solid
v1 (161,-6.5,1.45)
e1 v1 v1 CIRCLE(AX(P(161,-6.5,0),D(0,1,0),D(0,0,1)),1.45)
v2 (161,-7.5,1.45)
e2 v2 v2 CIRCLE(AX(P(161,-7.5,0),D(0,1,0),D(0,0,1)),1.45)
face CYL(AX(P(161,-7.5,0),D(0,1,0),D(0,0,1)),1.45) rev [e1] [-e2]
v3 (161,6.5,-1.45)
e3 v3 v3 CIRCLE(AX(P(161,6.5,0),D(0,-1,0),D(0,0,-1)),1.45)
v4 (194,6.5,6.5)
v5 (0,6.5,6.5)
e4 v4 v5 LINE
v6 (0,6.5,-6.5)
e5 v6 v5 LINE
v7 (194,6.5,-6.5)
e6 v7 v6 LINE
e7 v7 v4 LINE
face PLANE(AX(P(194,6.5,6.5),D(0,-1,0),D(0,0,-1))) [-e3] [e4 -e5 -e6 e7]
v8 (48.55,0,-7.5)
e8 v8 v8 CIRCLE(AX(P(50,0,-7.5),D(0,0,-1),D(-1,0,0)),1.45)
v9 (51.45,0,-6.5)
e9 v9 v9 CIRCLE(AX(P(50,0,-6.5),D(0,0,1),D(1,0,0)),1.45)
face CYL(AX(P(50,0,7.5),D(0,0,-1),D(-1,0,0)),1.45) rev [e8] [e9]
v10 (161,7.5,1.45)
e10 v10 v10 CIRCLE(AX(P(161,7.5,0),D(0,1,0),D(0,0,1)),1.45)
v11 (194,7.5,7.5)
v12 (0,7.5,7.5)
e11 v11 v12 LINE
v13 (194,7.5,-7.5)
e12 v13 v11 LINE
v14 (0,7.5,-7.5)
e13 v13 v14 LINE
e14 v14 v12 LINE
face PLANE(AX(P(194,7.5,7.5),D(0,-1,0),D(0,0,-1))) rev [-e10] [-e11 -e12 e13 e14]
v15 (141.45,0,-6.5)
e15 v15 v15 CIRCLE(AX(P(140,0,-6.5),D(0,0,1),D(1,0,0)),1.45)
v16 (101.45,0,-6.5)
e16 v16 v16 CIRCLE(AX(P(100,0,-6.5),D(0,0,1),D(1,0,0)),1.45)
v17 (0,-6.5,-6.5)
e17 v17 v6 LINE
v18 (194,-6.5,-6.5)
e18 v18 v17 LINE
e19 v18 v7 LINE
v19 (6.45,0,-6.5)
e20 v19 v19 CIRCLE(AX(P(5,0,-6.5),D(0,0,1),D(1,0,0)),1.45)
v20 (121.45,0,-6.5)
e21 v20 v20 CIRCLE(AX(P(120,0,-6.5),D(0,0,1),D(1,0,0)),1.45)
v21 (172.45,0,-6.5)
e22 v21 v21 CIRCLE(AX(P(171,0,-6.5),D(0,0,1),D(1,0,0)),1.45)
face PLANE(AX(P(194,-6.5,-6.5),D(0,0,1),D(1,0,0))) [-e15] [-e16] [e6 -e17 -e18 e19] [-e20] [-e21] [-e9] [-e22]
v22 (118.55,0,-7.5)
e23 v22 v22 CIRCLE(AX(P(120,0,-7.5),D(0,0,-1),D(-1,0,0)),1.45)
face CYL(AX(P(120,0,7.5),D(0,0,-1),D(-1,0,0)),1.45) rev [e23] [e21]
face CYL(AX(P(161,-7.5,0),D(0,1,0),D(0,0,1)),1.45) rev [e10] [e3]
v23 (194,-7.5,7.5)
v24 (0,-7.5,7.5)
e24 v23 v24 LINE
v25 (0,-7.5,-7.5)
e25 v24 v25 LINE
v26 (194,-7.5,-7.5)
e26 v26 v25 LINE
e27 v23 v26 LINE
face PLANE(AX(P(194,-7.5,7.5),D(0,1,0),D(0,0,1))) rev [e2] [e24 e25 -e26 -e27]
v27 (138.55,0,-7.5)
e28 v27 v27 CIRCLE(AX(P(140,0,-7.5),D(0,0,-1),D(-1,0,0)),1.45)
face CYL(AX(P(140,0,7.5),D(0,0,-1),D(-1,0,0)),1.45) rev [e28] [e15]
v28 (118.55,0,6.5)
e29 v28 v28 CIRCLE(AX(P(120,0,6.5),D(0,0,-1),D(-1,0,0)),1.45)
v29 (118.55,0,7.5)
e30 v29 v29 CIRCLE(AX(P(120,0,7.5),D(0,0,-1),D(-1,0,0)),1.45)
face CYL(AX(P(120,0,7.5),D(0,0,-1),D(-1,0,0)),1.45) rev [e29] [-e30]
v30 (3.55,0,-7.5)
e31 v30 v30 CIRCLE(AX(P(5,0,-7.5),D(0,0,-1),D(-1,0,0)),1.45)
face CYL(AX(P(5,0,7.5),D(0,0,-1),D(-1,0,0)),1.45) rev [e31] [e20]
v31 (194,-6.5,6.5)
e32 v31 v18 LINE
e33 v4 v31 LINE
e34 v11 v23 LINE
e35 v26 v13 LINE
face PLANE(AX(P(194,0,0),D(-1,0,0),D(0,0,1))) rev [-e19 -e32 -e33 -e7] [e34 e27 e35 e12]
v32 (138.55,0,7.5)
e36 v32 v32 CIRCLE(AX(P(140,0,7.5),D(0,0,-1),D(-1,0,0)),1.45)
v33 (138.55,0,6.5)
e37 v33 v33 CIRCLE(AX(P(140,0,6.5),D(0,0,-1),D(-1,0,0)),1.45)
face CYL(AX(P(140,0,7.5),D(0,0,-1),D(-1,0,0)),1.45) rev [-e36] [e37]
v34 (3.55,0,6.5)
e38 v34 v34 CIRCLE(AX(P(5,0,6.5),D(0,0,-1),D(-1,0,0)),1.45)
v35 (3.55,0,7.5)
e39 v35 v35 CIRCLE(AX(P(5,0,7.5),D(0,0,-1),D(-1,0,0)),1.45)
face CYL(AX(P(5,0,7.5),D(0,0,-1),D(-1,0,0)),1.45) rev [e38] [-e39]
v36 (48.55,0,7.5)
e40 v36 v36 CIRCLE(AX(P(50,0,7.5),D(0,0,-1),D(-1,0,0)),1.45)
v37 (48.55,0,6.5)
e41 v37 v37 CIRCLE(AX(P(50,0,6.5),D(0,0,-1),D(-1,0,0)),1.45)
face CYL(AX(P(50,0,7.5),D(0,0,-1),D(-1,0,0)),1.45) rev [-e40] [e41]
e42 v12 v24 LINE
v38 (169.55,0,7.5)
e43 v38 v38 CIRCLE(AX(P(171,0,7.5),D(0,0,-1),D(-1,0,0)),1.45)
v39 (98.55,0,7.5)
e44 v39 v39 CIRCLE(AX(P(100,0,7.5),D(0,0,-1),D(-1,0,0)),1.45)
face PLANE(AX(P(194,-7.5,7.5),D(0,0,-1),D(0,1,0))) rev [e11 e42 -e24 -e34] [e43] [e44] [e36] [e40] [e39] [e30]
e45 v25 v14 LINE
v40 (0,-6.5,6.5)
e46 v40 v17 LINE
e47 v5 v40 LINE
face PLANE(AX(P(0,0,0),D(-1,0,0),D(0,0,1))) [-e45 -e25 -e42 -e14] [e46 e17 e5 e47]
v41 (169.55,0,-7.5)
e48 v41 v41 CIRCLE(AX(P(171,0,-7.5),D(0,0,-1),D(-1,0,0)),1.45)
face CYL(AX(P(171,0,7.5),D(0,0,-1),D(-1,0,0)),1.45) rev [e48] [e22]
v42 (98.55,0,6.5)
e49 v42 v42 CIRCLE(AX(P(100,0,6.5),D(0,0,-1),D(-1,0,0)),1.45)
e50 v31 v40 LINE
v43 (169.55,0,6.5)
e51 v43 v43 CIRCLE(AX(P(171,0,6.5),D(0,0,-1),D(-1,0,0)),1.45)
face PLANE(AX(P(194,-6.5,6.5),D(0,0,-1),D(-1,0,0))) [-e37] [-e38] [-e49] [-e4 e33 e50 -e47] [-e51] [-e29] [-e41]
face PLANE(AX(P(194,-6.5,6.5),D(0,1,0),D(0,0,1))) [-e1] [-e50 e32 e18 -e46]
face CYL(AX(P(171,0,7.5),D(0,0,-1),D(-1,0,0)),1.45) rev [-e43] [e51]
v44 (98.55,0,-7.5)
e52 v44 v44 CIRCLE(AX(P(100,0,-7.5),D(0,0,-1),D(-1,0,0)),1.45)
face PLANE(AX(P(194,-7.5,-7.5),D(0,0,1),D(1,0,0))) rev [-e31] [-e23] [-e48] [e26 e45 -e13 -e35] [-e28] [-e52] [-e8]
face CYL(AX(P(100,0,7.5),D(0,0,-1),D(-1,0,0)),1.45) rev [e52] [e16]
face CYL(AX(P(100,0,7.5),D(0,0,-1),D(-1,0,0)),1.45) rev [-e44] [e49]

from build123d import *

# Parameters (mm, degrees)
SKETCH_11_W         = 15
SKETCH_11_H         = 15
SKETCH_11_W_2       = 13
SKETCH_11_H_2       = 13
F_15X15X1_1_DEPTH   = 194
SKETCH_12_R         = 1.45
CUT_EXTRUDE_1_DEPTH = 195.723521948
SKETCH_13_R         = 1.45
CUT_EXTRUDE_2_DEPTH = 195.723521948
SKETCH_14_R         = 1.45
CUT_EXTRUDE_3_DEPTH = 195.723521948
SKETCH_15_R         = 1.45
CUT_EXTRUDE_4_DEPTH = 195.723521948


with BuildPart() as part:
    # 草图11 → 铝管 15X15X1(1) (new body)
    with BuildSketch(Plane(origin=(0, 0, 0), x_dir=(0, 0, -1), z_dir=(1, 0, 0))):
        Rectangle(SKETCH_11_W, SKETCH_11_H)
        Rectangle(SKETCH_11_W_2, SKETCH_11_H_2, mode=Mode.SUBTRACT)
    extrude(amount=F_15X15X1_1_DEPTH)

    # 草图12 → 切除-拉伸1 (cut, through all)
    with BuildSketch(Plane(origin=(0, 0, -7.5), x_dir=(-1, 0, 0), z_dir=(0, 0, -1))):
        with Locations((-5, 0)):
            Circle(SKETCH_12_R)
        with Locations((-50, 0)):
            Circle(SKETCH_12_R)
    extrude(amount=-CUT_EXTRUDE_1_DEPTH, mode=Mode.SUBTRACT)

    # 草图13 → 切除-拉伸2 (cut, through all)
    with BuildSketch(Plane(origin=(0, 0, -7.5), x_dir=(-1, 0, 0), z_dir=(0, 0, -1))):
        with Locations((-171, 0)):
            Circle(SKETCH_13_R)
    extrude(amount=-CUT_EXTRUDE_2_DEPTH, mode=Mode.SUBTRACT)

    # 草图14 → 切除-拉伸3 (cut, through all)
    with BuildSketch(Plane(origin=(0, 7.5, 0), x_dir=(1, 0, 0), z_dir=(0, 1, 0))):
        with Locations(Location((161, 0, 0), (0, 0, 270))):
            Circle(SKETCH_14_R)
    extrude(amount=-CUT_EXTRUDE_3_DEPTH, mode=Mode.SUBTRACT)

    # 草图15 → 切除-拉伸4 (cut, through all)
    with BuildSketch(Plane(origin=(0, 0, -7.5), x_dir=(-1, 0, 0), z_dir=(0, 0, -1))):
        with Locations((-120, 0)):
            Circle(SKETCH_15_R)
        with Locations((-140, 0)):
            Circle(SKETCH_15_R)
        with Locations((-100, 0)):
            Circle(SKETCH_15_R)
    extrude(amount=-CUT_EXTRUDE_4_DEPTH, mode=Mode.SUBTRACT)


solid = part.part
